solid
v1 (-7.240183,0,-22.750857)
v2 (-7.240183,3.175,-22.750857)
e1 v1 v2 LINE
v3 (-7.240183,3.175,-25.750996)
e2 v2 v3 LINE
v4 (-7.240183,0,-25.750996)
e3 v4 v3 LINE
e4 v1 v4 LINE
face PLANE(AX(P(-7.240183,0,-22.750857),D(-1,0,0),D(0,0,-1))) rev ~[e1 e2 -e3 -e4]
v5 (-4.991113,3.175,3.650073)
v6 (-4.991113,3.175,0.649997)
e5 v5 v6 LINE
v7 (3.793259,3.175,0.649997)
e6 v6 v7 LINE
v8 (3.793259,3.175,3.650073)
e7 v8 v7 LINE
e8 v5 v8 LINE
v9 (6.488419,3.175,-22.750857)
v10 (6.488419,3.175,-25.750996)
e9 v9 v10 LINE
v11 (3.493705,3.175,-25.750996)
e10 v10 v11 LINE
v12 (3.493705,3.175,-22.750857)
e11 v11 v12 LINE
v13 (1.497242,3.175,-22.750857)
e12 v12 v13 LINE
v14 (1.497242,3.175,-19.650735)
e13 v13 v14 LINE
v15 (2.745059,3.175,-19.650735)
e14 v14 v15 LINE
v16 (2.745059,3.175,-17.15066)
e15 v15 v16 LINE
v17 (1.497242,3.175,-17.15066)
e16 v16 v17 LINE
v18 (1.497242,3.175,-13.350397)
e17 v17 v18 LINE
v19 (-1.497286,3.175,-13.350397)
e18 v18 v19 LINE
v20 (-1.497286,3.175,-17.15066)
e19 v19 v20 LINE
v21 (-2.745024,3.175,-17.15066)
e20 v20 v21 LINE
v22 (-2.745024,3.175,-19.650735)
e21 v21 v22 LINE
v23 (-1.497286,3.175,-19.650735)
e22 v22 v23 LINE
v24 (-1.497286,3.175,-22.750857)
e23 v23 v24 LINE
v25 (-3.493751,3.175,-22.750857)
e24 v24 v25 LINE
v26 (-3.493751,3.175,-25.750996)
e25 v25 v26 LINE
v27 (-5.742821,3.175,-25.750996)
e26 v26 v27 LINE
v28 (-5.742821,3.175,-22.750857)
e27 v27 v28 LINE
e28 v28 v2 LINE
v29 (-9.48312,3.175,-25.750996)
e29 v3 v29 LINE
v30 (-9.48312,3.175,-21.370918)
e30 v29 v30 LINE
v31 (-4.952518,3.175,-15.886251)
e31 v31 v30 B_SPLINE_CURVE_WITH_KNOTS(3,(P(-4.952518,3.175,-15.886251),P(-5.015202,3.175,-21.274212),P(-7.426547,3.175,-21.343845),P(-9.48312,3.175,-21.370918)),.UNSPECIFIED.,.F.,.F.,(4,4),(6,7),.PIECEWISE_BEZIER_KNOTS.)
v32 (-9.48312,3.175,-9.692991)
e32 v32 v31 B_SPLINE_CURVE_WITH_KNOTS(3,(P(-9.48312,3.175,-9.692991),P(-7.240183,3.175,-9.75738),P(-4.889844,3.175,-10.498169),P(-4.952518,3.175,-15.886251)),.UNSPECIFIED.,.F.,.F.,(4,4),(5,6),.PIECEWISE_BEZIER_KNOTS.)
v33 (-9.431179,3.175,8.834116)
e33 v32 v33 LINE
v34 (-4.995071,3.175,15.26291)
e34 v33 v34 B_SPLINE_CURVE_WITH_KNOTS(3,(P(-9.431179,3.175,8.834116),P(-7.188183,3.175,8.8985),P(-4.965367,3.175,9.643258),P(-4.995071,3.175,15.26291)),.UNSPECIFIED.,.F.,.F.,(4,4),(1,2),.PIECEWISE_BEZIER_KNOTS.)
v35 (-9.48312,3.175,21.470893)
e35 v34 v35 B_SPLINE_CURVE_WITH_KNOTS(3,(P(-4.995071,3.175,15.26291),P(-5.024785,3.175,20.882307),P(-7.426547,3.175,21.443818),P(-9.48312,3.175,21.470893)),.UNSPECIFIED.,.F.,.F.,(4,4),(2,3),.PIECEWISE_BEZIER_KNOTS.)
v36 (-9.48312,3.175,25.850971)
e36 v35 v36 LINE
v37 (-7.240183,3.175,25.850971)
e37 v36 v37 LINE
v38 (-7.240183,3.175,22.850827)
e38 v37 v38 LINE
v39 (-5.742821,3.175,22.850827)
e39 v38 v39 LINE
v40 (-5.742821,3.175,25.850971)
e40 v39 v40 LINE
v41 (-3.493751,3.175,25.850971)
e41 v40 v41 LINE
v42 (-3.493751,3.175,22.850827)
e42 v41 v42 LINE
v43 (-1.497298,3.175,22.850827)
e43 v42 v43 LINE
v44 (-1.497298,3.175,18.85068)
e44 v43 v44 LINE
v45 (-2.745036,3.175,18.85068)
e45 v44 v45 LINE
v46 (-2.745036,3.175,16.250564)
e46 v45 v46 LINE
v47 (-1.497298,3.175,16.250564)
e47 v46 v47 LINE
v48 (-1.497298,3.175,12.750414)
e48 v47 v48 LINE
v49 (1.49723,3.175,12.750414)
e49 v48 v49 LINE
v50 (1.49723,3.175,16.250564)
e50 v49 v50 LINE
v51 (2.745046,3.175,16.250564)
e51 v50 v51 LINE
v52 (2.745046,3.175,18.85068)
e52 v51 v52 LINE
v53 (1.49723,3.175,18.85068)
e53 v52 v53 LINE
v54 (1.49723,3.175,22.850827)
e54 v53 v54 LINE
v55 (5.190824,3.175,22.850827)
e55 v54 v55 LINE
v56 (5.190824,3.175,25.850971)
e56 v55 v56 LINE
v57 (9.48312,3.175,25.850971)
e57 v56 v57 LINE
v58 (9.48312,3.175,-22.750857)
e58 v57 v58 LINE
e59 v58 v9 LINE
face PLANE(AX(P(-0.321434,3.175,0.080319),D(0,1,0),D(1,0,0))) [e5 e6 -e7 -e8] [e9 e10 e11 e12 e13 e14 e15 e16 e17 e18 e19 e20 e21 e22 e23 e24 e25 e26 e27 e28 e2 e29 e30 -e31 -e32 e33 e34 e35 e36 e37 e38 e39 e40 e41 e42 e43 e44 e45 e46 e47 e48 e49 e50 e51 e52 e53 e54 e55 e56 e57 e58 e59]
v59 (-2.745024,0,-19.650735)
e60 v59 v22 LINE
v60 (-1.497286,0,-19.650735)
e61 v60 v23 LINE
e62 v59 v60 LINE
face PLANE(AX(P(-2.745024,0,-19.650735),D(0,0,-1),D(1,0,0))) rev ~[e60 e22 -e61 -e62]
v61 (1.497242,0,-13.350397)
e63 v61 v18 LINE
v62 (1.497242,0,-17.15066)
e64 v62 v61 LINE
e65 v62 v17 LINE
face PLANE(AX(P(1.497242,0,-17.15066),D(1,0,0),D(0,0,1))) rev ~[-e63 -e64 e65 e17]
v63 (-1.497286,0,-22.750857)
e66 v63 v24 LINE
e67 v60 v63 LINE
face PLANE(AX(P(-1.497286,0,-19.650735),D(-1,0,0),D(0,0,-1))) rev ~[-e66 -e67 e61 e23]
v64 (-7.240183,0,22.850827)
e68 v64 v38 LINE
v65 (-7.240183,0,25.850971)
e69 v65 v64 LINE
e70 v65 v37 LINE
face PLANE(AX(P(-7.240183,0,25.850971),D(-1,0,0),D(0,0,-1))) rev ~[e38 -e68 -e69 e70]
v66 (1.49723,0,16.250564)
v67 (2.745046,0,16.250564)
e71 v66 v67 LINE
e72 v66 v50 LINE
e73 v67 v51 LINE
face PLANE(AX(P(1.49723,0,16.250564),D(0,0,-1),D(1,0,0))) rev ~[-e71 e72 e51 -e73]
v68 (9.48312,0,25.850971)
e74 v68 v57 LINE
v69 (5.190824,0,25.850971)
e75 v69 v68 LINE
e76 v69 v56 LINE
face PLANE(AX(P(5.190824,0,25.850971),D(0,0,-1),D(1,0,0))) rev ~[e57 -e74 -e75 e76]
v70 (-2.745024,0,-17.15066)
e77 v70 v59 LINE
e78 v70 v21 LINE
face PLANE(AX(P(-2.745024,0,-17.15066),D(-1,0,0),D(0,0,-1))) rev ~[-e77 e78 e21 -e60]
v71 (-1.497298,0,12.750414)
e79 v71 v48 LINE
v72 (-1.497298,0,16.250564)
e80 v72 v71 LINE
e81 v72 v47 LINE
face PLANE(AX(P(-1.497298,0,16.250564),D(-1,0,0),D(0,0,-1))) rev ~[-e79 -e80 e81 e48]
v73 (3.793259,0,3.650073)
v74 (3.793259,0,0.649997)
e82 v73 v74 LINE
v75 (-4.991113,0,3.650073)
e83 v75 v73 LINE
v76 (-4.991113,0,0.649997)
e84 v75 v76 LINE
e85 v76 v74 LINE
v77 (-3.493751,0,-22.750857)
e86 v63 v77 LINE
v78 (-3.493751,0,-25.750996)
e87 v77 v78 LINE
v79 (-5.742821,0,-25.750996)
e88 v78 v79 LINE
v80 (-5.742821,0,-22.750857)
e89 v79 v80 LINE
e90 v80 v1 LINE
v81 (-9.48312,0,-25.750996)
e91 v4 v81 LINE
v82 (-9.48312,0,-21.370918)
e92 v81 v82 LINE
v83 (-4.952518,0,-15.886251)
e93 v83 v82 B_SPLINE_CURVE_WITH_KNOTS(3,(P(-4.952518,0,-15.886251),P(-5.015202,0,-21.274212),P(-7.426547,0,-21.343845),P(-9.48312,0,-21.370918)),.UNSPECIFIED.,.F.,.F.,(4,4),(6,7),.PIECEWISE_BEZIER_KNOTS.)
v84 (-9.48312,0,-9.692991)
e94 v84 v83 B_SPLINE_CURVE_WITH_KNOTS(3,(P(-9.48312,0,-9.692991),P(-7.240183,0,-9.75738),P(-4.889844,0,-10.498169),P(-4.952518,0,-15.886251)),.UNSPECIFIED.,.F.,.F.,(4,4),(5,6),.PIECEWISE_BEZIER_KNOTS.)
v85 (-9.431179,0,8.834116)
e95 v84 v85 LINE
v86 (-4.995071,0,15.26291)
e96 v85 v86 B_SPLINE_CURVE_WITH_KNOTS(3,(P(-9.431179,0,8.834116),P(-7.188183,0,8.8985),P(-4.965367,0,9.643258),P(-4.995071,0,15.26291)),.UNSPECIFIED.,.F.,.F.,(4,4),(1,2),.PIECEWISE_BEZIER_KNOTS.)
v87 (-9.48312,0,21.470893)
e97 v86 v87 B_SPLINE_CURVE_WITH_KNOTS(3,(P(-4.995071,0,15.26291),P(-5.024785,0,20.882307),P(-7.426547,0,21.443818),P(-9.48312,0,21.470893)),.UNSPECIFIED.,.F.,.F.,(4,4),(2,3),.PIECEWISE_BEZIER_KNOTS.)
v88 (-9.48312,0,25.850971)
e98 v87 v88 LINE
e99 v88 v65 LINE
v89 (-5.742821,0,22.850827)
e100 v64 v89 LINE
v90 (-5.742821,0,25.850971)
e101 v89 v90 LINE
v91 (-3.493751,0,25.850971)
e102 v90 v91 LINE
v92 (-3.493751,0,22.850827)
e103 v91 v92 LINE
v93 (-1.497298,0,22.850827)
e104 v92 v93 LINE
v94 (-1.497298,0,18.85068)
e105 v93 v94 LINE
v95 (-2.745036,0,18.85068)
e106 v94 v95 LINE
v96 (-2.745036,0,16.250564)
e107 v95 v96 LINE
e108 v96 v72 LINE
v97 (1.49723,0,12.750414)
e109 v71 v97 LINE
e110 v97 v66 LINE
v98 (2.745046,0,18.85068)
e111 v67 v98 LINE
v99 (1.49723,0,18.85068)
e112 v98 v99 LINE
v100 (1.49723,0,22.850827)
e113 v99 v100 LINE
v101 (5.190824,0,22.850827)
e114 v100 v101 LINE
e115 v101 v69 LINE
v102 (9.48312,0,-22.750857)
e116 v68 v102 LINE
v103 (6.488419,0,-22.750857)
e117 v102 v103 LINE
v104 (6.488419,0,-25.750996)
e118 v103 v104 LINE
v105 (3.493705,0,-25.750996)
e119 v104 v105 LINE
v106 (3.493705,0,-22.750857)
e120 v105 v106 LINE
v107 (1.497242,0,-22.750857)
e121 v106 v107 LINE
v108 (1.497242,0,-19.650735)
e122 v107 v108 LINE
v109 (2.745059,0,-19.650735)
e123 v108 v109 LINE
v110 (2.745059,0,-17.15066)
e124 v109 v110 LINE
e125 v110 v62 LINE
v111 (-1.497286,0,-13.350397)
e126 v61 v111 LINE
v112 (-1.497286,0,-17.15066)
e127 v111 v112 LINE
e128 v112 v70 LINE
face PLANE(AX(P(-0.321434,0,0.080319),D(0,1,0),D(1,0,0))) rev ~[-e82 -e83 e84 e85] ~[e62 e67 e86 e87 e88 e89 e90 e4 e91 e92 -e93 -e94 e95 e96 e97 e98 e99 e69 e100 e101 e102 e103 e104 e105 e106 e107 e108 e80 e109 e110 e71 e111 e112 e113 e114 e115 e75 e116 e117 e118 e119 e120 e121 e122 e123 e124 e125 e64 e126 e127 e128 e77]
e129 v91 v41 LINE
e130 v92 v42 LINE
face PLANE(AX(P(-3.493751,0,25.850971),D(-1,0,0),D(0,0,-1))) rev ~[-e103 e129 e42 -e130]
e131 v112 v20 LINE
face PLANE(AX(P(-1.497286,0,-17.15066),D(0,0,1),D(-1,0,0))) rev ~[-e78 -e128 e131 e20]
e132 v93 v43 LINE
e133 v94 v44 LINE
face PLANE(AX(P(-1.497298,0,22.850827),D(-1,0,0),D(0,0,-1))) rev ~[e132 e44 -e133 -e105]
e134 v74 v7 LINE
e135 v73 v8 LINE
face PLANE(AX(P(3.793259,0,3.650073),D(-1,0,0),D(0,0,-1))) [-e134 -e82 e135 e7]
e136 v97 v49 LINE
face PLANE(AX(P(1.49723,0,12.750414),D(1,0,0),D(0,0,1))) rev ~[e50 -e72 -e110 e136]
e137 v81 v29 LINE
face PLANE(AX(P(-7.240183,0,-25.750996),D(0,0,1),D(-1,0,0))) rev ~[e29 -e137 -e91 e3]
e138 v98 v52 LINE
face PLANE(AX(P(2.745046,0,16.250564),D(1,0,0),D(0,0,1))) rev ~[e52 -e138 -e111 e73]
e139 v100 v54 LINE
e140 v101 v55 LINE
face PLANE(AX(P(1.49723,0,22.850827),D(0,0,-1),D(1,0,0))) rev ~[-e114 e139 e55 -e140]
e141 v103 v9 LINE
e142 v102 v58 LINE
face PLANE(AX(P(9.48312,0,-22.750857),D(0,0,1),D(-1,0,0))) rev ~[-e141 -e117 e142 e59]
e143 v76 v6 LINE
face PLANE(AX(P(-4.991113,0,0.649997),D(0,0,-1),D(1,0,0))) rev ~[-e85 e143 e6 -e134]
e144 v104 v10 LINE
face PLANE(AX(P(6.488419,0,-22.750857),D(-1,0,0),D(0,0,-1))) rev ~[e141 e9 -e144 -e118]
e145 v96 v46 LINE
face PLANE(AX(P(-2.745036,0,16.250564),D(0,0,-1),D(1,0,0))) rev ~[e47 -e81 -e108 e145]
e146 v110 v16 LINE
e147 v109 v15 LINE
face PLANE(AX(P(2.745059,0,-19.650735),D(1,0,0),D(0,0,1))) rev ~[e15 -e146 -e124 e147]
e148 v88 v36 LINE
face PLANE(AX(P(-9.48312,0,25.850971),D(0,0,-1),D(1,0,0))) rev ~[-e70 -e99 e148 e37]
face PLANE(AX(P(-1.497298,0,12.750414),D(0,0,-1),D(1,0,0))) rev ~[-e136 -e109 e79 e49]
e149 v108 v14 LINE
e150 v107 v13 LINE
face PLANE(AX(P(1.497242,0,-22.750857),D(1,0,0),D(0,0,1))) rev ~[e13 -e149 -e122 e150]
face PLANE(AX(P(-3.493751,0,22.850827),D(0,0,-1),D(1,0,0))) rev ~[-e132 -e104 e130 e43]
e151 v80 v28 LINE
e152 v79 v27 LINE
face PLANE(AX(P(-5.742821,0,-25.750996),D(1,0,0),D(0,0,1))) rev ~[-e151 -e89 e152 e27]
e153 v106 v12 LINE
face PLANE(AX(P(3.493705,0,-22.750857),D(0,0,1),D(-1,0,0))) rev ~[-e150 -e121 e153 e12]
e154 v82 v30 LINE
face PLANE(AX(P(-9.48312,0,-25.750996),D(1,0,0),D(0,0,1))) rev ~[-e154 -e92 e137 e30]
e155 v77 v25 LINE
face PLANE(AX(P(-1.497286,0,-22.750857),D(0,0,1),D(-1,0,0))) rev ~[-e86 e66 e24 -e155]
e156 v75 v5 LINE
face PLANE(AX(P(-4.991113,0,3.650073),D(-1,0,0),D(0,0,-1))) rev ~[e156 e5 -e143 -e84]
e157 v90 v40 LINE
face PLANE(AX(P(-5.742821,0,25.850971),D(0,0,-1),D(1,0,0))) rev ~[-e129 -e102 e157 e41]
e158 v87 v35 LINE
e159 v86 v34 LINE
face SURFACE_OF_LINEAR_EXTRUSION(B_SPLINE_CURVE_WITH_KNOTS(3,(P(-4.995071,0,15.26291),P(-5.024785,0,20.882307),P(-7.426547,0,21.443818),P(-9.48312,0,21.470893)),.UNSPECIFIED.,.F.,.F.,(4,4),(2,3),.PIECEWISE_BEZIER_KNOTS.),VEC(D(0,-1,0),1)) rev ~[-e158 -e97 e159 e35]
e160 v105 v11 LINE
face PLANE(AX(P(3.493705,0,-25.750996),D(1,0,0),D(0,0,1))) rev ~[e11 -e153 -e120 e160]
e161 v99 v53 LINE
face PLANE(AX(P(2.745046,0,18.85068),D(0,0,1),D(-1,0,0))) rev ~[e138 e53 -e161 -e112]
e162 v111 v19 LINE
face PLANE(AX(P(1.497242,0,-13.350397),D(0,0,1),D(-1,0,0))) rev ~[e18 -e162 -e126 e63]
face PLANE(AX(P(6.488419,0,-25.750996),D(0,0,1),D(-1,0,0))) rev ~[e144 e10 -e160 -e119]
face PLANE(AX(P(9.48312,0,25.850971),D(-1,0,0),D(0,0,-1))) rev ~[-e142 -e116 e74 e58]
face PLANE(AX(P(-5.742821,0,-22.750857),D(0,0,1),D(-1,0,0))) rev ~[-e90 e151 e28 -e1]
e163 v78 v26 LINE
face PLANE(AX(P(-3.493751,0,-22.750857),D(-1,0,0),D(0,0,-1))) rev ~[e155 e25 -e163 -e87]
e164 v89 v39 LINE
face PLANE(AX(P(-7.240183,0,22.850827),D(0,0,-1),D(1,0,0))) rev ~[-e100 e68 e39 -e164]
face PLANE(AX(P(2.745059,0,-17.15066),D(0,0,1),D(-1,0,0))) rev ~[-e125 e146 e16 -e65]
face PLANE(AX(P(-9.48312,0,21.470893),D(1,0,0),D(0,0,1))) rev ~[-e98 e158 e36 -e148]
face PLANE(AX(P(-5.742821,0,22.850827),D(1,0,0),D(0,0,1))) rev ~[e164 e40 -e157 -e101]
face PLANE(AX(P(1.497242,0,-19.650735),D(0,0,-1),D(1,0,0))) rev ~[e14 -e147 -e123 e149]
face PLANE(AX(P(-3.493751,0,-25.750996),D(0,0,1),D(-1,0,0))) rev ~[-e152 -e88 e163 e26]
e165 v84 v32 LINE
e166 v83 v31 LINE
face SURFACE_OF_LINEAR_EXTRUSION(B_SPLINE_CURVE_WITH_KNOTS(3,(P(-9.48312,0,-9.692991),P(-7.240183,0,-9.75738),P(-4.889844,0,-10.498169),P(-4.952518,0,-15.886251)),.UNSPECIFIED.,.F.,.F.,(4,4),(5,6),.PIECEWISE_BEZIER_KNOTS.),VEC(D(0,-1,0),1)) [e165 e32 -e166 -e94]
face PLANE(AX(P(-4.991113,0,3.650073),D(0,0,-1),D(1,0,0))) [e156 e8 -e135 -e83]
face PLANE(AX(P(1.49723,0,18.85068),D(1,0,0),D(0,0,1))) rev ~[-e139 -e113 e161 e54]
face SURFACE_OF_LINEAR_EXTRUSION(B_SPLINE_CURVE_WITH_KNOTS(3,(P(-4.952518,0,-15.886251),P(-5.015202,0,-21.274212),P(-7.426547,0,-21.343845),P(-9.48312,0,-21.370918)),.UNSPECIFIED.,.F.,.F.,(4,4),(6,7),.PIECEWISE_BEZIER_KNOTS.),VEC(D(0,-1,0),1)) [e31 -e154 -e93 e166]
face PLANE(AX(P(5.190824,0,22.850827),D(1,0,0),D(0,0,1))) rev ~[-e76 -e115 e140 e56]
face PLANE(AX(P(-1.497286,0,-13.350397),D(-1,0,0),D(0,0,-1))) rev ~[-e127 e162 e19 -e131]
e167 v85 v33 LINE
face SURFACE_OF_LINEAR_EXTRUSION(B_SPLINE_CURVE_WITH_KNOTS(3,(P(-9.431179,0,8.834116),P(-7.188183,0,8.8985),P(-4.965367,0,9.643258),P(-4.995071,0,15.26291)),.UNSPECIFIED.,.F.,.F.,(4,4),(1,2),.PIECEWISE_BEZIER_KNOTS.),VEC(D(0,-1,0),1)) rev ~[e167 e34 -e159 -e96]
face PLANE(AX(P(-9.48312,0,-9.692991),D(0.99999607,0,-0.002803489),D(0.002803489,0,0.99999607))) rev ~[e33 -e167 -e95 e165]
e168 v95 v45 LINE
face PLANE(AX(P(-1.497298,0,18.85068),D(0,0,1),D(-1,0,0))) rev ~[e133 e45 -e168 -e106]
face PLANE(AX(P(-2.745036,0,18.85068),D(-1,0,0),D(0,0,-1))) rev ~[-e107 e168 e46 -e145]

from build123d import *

# Parameters (mm, degrees)
SKETCH1_W           = 8.784371834
SKETCH1_H           = 3.000075643
BOSS_EXTRUDE1_DEPTH = 3.175


with BuildPart() as part:
    # Sketch1 → Boss-Extrude1 (new body)
    with BuildSketch(Plane(origin=(0, 0, 0), x_dir=(1, 0, 0), z_dir=(0, 1, 0))):
        with BuildLine():
            Line((-9.483120155, -21.470892841), (-9.483120155, -25.850971148))
            Line((-9.483120155, -25.850971148), (-7.240182549, -25.850971148))
            Line((-7.240182549, -25.850971148), (-7.240182549, -22.850827141))
            Line((-7.240182549, -22.850827141), (-5.742820851, -22.850827141))
            Line((-5.742820851, -22.850827141), (-5.742820851, -25.850971148))
            Line((-5.742820851, -25.850971148), (-3.493751351, -25.850971148))
            Line((-3.493751351, -25.850971148), (-3.493751351, -22.850827141))
            Line((-3.493751351, -22.850827141), (-1.497298333, -22.850827141))
            Line((-1.497298333, -22.850827141), (-1.497298333, -18.850679894))
            Line((-1.497298333, -18.850679894), (-2.745036382, -18.850679894))
            Line((-2.745036382, -18.850679894), (-2.745036382, -18.750702276))
            Line((-2.745036382, -18.750702276), (-2.745036382, -16.250563552))
            Line((-2.745036382, -16.250563552), (-1.497298333, -16.250563552))
            Line((-1.497298333, -16.250563552), (-1.497298333, -12.750414262))
            Line((-1.497298333, -12.750414262), (1.49723009, -12.750414262))
            Line((1.49723009, -12.750414262), (1.49723009, -16.250563552))
            Line((1.49723009, -16.250563552), (2.745046129, -16.250563552))
            Line((2.745046129, -16.250563552), (2.745046129, -18.750702276))
            Line((2.745046129, -18.750702276), (2.745046129, -18.850679894))
            Line((2.745046129, -18.850679894), (1.49723009, -18.850679894))
            Line((1.49723009, -18.850679894), (1.49723009, -22.850827141))
            Line((1.49723009, -22.850827141), (5.190823665, -22.850827141))
            Line((5.190823665, -22.850827141), (5.190823665, -25.850971148))
            Line((5.190823665, -25.850971148), (9.483120155, -25.850971148))
            Line((9.483120155, -25.850971148), (9.483120155, 22.750856849))
            Line((9.483120155, 22.750856849), (6.488418889, 22.750856849))
            Line((6.488418889, 22.750856849), (6.488418889, 25.750995973))
            Line((6.488418889, 25.750995973), (3.493705241, 25.750995973))
            Line((3.493705241, 25.750995973), (3.493705241, 22.750856849))
            Line((3.493705241, 22.750856849), (1.497242474, 22.750856849))
            Line((1.497242474, 22.750856849), (1.497242474, 19.650735225))
            Line((1.497242474, 19.650735225), (2.745058512, 19.650735225))
            Line((2.745058512, 19.650735225), (2.745058512, 17.150659981))
            Line((2.745058512, 17.150659981), (1.497242474, 17.150659981))
            Line((1.497242474, 17.150659981), (1.497242474, 13.350397163))
            Line((1.497242474, 13.350397163), (-1.497285949, 13.350397163))
            Line((-1.497285949, 13.350397163), (-1.497285949, 17.150659981))
            Line((-1.497285949, 17.150659981), (-2.745023998, 17.150659981))
            Line((-2.745023998, 17.150659981), (-2.745023998, 19.650735225))
            Line((-2.745023998, 19.650735225), (-1.497285949, 19.650735225))
            Line((-1.497285949, 19.650735225), (-1.497285949, 22.750856849))
            Line((-1.497285949, 22.750856849), (-3.493751349, 22.750856849))
            Line((-3.493751349, 22.750856849), (-3.493751349, 25.750995973))
            Line((-3.493751349, 25.750995973), (-5.742820849, 25.750995973))
            Line((-5.742820849, 25.750995973), (-5.742820849, 22.750856849))
            Line((-5.742820849, 22.750856849), (-7.240182547, 22.750856849))
            Line((-7.240182547, 22.750856849), (-7.240182547, 25.750995973))
            Line((-7.240182547, 25.750995973), (-9.483120153, 25.750995973))
            Line((-9.483120153, 25.750995973), (-9.483120153, 21.370917666))
            add(Edge.make_bspline(
                [(-4.952518186, 15.886251248), (-5.015201934, 21.274211759), (-7.426547278, 21.343845481), (-9.483120153, 21.370917666)],
                knots=[6, 6, 6, 6, 7, 7, 7, 7], degree=3))
            add(Edge.make_bspline(
                [(-9.483120153, 9.692990904), (-7.240182547, 9.757380123), (-4.889844186, 10.498168659), (-4.952518186, 15.886251248)],
                knots=[5, 5, 5, 5, 6, 6, 6, 6], degree=3))
            Line((-9.483120153, 9.692990904), (-9.431179406, -8.834115587))
            add(Edge.make_bspline(
                [(-9.431179406, -8.834115587), (-7.188183308, -8.898499923), (-4.965366893, -9.64325846), (-4.995070997, -15.262909799)],
                knots=[1, 1, 1, 1, 2, 2, 2, 2], degree=3))
            add(Edge.make_bspline(
                [(-4.995070997, -15.262909799), (-5.024784848, -20.882307214), (-7.42654728, -21.443818214), (-9.483120155, -21.470892841)],
                knots=[2, 2, 2, 2, 3, 3, 3, 3], degree=3))
        make_face()
        with Locations((-0.598927132, -2.150035167)):
            Rectangle(SKETCH1_W, SKETCH1_H, mode=Mode.SUBTRACT)
    extrude(amount=BOSS_EXTRUDE1_DEPTH)


solid = part.part
